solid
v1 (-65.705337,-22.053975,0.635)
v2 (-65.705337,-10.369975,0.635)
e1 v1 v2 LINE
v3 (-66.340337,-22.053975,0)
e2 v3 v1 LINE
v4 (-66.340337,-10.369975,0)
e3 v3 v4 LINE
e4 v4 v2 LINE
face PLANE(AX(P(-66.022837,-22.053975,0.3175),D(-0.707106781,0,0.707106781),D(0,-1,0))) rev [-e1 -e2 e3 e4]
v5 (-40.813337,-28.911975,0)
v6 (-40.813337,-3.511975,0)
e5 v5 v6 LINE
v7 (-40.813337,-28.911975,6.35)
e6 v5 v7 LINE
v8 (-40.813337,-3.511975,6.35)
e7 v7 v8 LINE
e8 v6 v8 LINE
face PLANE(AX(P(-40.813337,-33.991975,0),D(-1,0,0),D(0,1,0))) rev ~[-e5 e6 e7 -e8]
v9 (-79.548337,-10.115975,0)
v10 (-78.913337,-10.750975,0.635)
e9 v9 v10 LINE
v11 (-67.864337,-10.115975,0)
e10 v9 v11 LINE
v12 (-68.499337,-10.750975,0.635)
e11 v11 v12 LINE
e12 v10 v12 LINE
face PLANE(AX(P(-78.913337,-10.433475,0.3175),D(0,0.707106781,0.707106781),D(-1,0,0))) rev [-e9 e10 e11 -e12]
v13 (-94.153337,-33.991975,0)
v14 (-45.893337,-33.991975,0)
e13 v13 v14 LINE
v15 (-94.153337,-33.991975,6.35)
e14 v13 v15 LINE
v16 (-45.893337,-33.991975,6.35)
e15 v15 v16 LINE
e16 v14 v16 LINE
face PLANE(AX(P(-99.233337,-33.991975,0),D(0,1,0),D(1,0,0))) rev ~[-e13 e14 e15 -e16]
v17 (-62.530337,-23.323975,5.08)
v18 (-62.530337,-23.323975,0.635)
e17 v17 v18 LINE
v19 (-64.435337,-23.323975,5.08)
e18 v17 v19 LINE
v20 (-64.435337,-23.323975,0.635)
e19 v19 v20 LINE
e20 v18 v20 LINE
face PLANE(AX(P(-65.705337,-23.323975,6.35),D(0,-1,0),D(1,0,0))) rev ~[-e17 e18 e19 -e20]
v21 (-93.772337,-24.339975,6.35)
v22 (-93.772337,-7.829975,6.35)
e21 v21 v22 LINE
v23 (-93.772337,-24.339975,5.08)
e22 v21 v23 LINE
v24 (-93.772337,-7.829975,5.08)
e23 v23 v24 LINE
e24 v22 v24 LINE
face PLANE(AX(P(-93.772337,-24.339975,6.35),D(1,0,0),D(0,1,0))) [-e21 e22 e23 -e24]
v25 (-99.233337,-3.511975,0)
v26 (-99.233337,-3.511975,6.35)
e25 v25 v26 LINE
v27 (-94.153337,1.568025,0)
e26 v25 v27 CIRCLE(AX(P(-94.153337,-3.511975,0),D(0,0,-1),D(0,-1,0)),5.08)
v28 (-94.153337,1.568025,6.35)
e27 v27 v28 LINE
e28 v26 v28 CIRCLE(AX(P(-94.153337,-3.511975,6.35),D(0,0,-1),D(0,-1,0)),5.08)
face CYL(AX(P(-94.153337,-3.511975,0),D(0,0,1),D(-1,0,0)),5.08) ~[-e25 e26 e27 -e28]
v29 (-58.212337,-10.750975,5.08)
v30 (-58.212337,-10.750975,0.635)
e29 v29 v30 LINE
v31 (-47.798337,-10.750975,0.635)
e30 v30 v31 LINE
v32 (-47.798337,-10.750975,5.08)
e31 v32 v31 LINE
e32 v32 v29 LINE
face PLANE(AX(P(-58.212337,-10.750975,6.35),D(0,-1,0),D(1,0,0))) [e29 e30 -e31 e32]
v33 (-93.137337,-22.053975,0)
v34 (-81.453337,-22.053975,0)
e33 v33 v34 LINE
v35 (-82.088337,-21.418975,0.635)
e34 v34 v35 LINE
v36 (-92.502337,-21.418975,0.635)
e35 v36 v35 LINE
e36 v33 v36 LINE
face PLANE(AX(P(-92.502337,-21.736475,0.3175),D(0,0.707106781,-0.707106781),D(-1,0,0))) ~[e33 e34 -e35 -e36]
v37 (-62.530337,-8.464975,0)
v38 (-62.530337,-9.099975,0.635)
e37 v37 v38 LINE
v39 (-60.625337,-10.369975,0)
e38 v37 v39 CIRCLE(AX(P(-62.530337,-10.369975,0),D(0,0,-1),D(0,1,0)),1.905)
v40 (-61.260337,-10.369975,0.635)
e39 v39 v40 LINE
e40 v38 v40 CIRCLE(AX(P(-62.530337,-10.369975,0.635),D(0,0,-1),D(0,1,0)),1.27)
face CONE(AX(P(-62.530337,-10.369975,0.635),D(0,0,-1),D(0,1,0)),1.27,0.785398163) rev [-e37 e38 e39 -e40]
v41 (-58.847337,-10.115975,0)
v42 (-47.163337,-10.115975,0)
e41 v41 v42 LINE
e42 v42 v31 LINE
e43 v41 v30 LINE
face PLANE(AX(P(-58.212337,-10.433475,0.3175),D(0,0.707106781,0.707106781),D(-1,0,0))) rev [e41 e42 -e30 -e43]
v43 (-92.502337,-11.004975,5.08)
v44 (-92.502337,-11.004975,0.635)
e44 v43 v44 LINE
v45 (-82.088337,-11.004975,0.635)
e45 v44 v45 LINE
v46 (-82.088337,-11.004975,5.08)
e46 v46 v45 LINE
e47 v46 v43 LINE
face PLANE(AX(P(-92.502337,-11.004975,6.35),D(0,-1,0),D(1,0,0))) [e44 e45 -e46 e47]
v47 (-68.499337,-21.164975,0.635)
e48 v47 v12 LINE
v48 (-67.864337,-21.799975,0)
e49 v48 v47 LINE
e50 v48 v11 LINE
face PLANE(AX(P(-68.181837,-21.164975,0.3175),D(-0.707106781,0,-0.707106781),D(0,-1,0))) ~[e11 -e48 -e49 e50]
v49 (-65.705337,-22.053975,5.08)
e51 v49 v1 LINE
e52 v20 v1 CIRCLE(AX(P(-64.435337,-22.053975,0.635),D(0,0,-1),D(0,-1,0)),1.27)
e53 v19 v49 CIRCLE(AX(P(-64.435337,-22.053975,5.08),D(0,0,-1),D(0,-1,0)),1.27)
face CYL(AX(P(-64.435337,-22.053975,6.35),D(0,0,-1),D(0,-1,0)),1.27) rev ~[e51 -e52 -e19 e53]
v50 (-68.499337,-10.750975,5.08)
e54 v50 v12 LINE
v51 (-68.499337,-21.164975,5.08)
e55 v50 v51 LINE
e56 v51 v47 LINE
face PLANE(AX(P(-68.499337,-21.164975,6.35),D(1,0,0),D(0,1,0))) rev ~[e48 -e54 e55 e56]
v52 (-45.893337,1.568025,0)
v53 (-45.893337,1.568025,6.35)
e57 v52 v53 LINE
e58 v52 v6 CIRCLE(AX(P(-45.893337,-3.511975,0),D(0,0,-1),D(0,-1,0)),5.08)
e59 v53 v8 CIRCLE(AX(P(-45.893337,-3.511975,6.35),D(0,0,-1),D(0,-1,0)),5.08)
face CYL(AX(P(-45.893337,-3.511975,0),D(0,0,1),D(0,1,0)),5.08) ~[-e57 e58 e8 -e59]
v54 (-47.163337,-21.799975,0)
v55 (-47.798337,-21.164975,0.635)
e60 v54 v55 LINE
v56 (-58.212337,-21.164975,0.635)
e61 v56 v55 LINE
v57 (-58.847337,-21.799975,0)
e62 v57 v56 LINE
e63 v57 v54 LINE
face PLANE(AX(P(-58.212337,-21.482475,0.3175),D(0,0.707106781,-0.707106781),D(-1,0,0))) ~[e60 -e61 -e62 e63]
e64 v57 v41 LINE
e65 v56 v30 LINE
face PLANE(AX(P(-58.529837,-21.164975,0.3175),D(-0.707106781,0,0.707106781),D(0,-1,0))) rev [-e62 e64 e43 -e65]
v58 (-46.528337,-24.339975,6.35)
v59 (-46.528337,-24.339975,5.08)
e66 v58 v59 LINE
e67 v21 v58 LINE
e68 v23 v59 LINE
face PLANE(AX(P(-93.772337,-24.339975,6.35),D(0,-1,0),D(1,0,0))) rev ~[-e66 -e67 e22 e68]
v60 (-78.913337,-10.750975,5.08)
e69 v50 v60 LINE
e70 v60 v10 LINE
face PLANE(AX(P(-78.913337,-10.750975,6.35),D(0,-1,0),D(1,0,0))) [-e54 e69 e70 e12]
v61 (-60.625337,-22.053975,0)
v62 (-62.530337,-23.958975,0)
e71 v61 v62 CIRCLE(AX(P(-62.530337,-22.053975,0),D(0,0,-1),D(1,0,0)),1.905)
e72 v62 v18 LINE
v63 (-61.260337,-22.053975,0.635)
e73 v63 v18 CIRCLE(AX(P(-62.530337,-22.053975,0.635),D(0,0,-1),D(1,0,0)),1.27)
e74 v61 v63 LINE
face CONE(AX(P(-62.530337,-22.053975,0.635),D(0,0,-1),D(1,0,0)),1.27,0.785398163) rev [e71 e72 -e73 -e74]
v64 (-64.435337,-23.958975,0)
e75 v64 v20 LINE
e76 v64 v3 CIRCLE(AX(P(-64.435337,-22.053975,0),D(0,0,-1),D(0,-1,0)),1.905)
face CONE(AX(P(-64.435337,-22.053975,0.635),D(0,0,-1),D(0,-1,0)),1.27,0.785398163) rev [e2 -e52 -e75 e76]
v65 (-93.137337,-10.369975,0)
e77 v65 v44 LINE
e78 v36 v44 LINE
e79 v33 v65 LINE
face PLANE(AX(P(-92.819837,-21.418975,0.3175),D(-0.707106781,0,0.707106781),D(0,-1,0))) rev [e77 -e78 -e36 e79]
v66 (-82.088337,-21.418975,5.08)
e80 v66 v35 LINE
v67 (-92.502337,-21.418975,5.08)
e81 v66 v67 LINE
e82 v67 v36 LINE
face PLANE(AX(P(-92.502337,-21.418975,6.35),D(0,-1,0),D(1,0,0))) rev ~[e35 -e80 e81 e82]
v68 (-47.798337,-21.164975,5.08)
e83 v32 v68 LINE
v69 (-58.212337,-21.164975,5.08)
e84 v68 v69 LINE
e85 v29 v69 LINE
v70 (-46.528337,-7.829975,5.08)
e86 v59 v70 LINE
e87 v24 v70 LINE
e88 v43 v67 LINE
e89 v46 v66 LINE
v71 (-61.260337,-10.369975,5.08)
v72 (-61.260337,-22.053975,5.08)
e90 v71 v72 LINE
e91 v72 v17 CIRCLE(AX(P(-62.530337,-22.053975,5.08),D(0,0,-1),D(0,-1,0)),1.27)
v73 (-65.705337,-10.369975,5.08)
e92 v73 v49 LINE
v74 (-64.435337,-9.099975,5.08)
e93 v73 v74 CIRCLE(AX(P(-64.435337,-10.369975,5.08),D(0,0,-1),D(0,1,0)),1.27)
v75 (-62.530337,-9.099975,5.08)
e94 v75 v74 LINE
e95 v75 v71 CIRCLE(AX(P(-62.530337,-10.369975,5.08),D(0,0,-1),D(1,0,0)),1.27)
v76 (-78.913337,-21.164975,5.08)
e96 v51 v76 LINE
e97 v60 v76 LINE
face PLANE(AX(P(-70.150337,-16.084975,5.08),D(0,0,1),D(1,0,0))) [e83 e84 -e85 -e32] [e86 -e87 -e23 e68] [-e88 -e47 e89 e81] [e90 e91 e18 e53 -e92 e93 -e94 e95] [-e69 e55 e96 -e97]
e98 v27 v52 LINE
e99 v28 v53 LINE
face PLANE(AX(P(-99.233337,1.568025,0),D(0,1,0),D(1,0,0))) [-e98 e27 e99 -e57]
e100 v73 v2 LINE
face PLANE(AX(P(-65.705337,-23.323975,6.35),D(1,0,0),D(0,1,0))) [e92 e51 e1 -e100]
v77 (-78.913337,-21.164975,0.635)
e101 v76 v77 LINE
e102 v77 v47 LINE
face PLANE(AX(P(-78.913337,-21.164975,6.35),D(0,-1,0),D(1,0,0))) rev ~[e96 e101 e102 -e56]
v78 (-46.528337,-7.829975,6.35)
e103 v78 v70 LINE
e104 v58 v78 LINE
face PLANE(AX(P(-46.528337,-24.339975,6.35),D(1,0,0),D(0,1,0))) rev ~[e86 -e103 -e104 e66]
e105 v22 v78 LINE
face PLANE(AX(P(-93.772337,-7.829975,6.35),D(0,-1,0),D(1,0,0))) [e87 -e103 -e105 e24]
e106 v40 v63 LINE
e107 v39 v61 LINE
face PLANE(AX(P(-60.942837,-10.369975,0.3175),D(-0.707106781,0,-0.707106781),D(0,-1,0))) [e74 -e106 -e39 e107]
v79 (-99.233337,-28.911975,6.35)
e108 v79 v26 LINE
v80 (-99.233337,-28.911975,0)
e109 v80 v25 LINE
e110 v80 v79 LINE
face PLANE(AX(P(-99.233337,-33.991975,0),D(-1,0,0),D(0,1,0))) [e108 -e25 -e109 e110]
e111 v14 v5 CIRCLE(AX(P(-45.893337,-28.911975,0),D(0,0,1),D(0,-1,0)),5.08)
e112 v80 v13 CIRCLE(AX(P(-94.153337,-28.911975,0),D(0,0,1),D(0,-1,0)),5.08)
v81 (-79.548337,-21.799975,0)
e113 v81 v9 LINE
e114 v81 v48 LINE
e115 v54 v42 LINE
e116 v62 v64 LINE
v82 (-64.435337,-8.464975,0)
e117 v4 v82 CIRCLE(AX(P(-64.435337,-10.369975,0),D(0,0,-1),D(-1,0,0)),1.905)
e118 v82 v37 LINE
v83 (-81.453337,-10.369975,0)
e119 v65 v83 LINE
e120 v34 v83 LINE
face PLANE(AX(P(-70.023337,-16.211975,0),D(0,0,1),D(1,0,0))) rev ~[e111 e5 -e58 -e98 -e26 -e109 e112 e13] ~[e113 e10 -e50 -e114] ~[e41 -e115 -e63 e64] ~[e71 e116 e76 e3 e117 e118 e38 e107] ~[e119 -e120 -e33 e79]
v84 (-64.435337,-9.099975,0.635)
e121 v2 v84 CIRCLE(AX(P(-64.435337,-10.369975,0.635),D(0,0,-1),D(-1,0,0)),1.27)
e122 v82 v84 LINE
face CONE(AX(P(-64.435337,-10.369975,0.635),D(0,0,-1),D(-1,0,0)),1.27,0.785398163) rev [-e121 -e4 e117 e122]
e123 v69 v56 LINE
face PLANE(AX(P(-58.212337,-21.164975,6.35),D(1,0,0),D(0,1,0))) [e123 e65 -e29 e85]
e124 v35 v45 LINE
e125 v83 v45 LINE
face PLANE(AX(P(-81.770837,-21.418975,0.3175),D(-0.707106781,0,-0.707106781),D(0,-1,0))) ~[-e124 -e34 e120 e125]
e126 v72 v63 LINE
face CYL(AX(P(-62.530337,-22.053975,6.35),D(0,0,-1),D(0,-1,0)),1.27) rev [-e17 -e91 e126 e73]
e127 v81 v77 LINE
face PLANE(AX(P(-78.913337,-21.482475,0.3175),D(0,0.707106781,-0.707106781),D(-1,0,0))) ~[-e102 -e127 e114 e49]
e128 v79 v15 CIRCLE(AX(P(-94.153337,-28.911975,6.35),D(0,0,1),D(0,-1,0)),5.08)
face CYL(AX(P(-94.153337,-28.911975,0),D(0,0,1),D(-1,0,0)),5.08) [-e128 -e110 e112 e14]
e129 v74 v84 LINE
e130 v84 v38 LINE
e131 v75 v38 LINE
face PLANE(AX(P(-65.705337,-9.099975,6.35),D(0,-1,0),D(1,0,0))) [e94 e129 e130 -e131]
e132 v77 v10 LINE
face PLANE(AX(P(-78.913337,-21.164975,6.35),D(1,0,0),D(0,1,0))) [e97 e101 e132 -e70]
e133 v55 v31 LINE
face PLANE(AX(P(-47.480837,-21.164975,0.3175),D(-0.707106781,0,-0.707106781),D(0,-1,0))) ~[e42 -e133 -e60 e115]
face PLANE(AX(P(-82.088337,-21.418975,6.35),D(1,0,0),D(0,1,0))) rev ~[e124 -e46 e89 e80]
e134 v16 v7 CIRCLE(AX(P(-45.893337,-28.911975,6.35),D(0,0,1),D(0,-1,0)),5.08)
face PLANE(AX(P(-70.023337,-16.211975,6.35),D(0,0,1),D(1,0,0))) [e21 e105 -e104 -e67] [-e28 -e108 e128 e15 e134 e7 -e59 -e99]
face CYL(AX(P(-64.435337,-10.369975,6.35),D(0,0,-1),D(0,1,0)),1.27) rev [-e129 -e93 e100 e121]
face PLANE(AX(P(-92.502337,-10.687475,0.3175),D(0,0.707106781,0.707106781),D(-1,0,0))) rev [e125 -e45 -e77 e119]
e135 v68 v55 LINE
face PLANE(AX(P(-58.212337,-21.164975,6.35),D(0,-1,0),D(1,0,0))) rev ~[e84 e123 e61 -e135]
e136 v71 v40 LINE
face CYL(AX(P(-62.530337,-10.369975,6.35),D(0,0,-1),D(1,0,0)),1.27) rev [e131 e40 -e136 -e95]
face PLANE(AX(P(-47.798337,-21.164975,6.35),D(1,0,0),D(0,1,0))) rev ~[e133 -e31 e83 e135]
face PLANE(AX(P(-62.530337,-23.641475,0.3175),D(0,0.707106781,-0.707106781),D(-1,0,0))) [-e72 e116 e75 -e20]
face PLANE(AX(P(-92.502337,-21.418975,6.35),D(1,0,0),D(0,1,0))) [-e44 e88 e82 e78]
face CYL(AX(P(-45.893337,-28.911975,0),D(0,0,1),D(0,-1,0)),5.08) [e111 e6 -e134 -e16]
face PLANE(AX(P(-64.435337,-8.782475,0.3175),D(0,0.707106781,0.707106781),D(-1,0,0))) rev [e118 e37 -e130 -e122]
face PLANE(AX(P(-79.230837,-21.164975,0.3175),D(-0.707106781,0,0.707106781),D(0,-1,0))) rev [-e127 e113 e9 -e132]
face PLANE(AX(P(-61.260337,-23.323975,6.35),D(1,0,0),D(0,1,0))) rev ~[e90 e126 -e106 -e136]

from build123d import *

# Parameters (mm, degrees)
F0_W     = 58.42
F0_H     = 35.56
F1_DEPTH = 6.35
F4_W     = 10.414
F4_H     = 10.414
F4_W_2   = 4.445
F4_H_2   = 14.224
F5_DEPTH = 25.4
F6_R     = 1.27
F3_W     = 47.244
F3_H     = 16.51
F7_DEPTH = 1.27
F8_R     = 5.08
F9_SIZE  = 0.635


with BuildPart() as f1:
    # F0 (on Top) → F1 (new body)
    with BuildSketch(Plane.XY):
        with Locations((-70.023337, -16.211975)):
            Rectangle(F0_W, F0_H)
    extrude(amount=F1_DEPTH)

    # F4 (on face) → F5 (cut)
    with BuildSketch(Plane.XY.offset(6.35)):
        with Locations((-87.295337, -16.211975)):
            Rectangle(F4_W, F4_H)
        with Locations((-73.706337, -15.957975)):
            Rectangle(F4_W, F4_H)
        with Locations((-53.005337, -15.957975)):
            Rectangle(F4_W, F4_H)
        with Locations((-63.482837, -16.211975)):
            Rectangle(F4_W_2, F4_H_2)
    extrude(amount=-F5_DEPTH, mode=Mode.SUBTRACT)

    # F6
    f6_edges = [f1.edges().sort_by_distance(p)[0] for p in [
        (-65.705337, -9.099975, 3.175),
        (-61.260337, -9.099975, 3.175),
        (-61.260337, -23.323975, 3.175),
        (-65.705337, -23.323975, 3.175),
    ]]
    fillet(f6_edges, radius=F6_R)

    # F3 (on face) → F7 (cut)
    with BuildSketch(Plane.XY.offset(6.35)):
        with Locations((-70.150337, -16.084975)):
            Rectangle(F3_W, F3_H)
    extrude(amount=-F7_DEPTH, mode=Mode.SUBTRACT)

    # F8
    f8_edges = [f1.edges().sort_by_distance(p)[0] for p in [
        (-40.813337, -33.991975, 3.175),
        (-40.813337, 1.568025, 3.175),
        (-99.233337, -33.991975, 3.175),
        (-99.233337, 1.568025, 3.175),
    ]]
    fillet(f8_edges, radius=F8_R)

    # F9
    f9_edges = [f1.edges().sort_by_distance(p)[0] for p in [
        (-87.295337, -21.418975, 0),
        (-87.295337, -11.004975, 0),
        (-82.088337, -16.211975, 0),
        (-92.502337, -16.211975, 0),
        (-73.706337, -21.164975, 0),
        (-78.913337, -15.957975, 0),
        (-73.706337, -10.750975, 0),
        (-68.499337, -15.957975, 0),
        (-65.705337, -16.211975, 0),
        (-58.212337, -15.957975, 0),
        (-53.005337, -21.164975, 0),
        (-47.798337, -15.957975, 0),
        (-53.005337, -10.750975, 0),
    ]]
    chamfer(f9_edges, length=F9_SIZE)


solid = f1.part
